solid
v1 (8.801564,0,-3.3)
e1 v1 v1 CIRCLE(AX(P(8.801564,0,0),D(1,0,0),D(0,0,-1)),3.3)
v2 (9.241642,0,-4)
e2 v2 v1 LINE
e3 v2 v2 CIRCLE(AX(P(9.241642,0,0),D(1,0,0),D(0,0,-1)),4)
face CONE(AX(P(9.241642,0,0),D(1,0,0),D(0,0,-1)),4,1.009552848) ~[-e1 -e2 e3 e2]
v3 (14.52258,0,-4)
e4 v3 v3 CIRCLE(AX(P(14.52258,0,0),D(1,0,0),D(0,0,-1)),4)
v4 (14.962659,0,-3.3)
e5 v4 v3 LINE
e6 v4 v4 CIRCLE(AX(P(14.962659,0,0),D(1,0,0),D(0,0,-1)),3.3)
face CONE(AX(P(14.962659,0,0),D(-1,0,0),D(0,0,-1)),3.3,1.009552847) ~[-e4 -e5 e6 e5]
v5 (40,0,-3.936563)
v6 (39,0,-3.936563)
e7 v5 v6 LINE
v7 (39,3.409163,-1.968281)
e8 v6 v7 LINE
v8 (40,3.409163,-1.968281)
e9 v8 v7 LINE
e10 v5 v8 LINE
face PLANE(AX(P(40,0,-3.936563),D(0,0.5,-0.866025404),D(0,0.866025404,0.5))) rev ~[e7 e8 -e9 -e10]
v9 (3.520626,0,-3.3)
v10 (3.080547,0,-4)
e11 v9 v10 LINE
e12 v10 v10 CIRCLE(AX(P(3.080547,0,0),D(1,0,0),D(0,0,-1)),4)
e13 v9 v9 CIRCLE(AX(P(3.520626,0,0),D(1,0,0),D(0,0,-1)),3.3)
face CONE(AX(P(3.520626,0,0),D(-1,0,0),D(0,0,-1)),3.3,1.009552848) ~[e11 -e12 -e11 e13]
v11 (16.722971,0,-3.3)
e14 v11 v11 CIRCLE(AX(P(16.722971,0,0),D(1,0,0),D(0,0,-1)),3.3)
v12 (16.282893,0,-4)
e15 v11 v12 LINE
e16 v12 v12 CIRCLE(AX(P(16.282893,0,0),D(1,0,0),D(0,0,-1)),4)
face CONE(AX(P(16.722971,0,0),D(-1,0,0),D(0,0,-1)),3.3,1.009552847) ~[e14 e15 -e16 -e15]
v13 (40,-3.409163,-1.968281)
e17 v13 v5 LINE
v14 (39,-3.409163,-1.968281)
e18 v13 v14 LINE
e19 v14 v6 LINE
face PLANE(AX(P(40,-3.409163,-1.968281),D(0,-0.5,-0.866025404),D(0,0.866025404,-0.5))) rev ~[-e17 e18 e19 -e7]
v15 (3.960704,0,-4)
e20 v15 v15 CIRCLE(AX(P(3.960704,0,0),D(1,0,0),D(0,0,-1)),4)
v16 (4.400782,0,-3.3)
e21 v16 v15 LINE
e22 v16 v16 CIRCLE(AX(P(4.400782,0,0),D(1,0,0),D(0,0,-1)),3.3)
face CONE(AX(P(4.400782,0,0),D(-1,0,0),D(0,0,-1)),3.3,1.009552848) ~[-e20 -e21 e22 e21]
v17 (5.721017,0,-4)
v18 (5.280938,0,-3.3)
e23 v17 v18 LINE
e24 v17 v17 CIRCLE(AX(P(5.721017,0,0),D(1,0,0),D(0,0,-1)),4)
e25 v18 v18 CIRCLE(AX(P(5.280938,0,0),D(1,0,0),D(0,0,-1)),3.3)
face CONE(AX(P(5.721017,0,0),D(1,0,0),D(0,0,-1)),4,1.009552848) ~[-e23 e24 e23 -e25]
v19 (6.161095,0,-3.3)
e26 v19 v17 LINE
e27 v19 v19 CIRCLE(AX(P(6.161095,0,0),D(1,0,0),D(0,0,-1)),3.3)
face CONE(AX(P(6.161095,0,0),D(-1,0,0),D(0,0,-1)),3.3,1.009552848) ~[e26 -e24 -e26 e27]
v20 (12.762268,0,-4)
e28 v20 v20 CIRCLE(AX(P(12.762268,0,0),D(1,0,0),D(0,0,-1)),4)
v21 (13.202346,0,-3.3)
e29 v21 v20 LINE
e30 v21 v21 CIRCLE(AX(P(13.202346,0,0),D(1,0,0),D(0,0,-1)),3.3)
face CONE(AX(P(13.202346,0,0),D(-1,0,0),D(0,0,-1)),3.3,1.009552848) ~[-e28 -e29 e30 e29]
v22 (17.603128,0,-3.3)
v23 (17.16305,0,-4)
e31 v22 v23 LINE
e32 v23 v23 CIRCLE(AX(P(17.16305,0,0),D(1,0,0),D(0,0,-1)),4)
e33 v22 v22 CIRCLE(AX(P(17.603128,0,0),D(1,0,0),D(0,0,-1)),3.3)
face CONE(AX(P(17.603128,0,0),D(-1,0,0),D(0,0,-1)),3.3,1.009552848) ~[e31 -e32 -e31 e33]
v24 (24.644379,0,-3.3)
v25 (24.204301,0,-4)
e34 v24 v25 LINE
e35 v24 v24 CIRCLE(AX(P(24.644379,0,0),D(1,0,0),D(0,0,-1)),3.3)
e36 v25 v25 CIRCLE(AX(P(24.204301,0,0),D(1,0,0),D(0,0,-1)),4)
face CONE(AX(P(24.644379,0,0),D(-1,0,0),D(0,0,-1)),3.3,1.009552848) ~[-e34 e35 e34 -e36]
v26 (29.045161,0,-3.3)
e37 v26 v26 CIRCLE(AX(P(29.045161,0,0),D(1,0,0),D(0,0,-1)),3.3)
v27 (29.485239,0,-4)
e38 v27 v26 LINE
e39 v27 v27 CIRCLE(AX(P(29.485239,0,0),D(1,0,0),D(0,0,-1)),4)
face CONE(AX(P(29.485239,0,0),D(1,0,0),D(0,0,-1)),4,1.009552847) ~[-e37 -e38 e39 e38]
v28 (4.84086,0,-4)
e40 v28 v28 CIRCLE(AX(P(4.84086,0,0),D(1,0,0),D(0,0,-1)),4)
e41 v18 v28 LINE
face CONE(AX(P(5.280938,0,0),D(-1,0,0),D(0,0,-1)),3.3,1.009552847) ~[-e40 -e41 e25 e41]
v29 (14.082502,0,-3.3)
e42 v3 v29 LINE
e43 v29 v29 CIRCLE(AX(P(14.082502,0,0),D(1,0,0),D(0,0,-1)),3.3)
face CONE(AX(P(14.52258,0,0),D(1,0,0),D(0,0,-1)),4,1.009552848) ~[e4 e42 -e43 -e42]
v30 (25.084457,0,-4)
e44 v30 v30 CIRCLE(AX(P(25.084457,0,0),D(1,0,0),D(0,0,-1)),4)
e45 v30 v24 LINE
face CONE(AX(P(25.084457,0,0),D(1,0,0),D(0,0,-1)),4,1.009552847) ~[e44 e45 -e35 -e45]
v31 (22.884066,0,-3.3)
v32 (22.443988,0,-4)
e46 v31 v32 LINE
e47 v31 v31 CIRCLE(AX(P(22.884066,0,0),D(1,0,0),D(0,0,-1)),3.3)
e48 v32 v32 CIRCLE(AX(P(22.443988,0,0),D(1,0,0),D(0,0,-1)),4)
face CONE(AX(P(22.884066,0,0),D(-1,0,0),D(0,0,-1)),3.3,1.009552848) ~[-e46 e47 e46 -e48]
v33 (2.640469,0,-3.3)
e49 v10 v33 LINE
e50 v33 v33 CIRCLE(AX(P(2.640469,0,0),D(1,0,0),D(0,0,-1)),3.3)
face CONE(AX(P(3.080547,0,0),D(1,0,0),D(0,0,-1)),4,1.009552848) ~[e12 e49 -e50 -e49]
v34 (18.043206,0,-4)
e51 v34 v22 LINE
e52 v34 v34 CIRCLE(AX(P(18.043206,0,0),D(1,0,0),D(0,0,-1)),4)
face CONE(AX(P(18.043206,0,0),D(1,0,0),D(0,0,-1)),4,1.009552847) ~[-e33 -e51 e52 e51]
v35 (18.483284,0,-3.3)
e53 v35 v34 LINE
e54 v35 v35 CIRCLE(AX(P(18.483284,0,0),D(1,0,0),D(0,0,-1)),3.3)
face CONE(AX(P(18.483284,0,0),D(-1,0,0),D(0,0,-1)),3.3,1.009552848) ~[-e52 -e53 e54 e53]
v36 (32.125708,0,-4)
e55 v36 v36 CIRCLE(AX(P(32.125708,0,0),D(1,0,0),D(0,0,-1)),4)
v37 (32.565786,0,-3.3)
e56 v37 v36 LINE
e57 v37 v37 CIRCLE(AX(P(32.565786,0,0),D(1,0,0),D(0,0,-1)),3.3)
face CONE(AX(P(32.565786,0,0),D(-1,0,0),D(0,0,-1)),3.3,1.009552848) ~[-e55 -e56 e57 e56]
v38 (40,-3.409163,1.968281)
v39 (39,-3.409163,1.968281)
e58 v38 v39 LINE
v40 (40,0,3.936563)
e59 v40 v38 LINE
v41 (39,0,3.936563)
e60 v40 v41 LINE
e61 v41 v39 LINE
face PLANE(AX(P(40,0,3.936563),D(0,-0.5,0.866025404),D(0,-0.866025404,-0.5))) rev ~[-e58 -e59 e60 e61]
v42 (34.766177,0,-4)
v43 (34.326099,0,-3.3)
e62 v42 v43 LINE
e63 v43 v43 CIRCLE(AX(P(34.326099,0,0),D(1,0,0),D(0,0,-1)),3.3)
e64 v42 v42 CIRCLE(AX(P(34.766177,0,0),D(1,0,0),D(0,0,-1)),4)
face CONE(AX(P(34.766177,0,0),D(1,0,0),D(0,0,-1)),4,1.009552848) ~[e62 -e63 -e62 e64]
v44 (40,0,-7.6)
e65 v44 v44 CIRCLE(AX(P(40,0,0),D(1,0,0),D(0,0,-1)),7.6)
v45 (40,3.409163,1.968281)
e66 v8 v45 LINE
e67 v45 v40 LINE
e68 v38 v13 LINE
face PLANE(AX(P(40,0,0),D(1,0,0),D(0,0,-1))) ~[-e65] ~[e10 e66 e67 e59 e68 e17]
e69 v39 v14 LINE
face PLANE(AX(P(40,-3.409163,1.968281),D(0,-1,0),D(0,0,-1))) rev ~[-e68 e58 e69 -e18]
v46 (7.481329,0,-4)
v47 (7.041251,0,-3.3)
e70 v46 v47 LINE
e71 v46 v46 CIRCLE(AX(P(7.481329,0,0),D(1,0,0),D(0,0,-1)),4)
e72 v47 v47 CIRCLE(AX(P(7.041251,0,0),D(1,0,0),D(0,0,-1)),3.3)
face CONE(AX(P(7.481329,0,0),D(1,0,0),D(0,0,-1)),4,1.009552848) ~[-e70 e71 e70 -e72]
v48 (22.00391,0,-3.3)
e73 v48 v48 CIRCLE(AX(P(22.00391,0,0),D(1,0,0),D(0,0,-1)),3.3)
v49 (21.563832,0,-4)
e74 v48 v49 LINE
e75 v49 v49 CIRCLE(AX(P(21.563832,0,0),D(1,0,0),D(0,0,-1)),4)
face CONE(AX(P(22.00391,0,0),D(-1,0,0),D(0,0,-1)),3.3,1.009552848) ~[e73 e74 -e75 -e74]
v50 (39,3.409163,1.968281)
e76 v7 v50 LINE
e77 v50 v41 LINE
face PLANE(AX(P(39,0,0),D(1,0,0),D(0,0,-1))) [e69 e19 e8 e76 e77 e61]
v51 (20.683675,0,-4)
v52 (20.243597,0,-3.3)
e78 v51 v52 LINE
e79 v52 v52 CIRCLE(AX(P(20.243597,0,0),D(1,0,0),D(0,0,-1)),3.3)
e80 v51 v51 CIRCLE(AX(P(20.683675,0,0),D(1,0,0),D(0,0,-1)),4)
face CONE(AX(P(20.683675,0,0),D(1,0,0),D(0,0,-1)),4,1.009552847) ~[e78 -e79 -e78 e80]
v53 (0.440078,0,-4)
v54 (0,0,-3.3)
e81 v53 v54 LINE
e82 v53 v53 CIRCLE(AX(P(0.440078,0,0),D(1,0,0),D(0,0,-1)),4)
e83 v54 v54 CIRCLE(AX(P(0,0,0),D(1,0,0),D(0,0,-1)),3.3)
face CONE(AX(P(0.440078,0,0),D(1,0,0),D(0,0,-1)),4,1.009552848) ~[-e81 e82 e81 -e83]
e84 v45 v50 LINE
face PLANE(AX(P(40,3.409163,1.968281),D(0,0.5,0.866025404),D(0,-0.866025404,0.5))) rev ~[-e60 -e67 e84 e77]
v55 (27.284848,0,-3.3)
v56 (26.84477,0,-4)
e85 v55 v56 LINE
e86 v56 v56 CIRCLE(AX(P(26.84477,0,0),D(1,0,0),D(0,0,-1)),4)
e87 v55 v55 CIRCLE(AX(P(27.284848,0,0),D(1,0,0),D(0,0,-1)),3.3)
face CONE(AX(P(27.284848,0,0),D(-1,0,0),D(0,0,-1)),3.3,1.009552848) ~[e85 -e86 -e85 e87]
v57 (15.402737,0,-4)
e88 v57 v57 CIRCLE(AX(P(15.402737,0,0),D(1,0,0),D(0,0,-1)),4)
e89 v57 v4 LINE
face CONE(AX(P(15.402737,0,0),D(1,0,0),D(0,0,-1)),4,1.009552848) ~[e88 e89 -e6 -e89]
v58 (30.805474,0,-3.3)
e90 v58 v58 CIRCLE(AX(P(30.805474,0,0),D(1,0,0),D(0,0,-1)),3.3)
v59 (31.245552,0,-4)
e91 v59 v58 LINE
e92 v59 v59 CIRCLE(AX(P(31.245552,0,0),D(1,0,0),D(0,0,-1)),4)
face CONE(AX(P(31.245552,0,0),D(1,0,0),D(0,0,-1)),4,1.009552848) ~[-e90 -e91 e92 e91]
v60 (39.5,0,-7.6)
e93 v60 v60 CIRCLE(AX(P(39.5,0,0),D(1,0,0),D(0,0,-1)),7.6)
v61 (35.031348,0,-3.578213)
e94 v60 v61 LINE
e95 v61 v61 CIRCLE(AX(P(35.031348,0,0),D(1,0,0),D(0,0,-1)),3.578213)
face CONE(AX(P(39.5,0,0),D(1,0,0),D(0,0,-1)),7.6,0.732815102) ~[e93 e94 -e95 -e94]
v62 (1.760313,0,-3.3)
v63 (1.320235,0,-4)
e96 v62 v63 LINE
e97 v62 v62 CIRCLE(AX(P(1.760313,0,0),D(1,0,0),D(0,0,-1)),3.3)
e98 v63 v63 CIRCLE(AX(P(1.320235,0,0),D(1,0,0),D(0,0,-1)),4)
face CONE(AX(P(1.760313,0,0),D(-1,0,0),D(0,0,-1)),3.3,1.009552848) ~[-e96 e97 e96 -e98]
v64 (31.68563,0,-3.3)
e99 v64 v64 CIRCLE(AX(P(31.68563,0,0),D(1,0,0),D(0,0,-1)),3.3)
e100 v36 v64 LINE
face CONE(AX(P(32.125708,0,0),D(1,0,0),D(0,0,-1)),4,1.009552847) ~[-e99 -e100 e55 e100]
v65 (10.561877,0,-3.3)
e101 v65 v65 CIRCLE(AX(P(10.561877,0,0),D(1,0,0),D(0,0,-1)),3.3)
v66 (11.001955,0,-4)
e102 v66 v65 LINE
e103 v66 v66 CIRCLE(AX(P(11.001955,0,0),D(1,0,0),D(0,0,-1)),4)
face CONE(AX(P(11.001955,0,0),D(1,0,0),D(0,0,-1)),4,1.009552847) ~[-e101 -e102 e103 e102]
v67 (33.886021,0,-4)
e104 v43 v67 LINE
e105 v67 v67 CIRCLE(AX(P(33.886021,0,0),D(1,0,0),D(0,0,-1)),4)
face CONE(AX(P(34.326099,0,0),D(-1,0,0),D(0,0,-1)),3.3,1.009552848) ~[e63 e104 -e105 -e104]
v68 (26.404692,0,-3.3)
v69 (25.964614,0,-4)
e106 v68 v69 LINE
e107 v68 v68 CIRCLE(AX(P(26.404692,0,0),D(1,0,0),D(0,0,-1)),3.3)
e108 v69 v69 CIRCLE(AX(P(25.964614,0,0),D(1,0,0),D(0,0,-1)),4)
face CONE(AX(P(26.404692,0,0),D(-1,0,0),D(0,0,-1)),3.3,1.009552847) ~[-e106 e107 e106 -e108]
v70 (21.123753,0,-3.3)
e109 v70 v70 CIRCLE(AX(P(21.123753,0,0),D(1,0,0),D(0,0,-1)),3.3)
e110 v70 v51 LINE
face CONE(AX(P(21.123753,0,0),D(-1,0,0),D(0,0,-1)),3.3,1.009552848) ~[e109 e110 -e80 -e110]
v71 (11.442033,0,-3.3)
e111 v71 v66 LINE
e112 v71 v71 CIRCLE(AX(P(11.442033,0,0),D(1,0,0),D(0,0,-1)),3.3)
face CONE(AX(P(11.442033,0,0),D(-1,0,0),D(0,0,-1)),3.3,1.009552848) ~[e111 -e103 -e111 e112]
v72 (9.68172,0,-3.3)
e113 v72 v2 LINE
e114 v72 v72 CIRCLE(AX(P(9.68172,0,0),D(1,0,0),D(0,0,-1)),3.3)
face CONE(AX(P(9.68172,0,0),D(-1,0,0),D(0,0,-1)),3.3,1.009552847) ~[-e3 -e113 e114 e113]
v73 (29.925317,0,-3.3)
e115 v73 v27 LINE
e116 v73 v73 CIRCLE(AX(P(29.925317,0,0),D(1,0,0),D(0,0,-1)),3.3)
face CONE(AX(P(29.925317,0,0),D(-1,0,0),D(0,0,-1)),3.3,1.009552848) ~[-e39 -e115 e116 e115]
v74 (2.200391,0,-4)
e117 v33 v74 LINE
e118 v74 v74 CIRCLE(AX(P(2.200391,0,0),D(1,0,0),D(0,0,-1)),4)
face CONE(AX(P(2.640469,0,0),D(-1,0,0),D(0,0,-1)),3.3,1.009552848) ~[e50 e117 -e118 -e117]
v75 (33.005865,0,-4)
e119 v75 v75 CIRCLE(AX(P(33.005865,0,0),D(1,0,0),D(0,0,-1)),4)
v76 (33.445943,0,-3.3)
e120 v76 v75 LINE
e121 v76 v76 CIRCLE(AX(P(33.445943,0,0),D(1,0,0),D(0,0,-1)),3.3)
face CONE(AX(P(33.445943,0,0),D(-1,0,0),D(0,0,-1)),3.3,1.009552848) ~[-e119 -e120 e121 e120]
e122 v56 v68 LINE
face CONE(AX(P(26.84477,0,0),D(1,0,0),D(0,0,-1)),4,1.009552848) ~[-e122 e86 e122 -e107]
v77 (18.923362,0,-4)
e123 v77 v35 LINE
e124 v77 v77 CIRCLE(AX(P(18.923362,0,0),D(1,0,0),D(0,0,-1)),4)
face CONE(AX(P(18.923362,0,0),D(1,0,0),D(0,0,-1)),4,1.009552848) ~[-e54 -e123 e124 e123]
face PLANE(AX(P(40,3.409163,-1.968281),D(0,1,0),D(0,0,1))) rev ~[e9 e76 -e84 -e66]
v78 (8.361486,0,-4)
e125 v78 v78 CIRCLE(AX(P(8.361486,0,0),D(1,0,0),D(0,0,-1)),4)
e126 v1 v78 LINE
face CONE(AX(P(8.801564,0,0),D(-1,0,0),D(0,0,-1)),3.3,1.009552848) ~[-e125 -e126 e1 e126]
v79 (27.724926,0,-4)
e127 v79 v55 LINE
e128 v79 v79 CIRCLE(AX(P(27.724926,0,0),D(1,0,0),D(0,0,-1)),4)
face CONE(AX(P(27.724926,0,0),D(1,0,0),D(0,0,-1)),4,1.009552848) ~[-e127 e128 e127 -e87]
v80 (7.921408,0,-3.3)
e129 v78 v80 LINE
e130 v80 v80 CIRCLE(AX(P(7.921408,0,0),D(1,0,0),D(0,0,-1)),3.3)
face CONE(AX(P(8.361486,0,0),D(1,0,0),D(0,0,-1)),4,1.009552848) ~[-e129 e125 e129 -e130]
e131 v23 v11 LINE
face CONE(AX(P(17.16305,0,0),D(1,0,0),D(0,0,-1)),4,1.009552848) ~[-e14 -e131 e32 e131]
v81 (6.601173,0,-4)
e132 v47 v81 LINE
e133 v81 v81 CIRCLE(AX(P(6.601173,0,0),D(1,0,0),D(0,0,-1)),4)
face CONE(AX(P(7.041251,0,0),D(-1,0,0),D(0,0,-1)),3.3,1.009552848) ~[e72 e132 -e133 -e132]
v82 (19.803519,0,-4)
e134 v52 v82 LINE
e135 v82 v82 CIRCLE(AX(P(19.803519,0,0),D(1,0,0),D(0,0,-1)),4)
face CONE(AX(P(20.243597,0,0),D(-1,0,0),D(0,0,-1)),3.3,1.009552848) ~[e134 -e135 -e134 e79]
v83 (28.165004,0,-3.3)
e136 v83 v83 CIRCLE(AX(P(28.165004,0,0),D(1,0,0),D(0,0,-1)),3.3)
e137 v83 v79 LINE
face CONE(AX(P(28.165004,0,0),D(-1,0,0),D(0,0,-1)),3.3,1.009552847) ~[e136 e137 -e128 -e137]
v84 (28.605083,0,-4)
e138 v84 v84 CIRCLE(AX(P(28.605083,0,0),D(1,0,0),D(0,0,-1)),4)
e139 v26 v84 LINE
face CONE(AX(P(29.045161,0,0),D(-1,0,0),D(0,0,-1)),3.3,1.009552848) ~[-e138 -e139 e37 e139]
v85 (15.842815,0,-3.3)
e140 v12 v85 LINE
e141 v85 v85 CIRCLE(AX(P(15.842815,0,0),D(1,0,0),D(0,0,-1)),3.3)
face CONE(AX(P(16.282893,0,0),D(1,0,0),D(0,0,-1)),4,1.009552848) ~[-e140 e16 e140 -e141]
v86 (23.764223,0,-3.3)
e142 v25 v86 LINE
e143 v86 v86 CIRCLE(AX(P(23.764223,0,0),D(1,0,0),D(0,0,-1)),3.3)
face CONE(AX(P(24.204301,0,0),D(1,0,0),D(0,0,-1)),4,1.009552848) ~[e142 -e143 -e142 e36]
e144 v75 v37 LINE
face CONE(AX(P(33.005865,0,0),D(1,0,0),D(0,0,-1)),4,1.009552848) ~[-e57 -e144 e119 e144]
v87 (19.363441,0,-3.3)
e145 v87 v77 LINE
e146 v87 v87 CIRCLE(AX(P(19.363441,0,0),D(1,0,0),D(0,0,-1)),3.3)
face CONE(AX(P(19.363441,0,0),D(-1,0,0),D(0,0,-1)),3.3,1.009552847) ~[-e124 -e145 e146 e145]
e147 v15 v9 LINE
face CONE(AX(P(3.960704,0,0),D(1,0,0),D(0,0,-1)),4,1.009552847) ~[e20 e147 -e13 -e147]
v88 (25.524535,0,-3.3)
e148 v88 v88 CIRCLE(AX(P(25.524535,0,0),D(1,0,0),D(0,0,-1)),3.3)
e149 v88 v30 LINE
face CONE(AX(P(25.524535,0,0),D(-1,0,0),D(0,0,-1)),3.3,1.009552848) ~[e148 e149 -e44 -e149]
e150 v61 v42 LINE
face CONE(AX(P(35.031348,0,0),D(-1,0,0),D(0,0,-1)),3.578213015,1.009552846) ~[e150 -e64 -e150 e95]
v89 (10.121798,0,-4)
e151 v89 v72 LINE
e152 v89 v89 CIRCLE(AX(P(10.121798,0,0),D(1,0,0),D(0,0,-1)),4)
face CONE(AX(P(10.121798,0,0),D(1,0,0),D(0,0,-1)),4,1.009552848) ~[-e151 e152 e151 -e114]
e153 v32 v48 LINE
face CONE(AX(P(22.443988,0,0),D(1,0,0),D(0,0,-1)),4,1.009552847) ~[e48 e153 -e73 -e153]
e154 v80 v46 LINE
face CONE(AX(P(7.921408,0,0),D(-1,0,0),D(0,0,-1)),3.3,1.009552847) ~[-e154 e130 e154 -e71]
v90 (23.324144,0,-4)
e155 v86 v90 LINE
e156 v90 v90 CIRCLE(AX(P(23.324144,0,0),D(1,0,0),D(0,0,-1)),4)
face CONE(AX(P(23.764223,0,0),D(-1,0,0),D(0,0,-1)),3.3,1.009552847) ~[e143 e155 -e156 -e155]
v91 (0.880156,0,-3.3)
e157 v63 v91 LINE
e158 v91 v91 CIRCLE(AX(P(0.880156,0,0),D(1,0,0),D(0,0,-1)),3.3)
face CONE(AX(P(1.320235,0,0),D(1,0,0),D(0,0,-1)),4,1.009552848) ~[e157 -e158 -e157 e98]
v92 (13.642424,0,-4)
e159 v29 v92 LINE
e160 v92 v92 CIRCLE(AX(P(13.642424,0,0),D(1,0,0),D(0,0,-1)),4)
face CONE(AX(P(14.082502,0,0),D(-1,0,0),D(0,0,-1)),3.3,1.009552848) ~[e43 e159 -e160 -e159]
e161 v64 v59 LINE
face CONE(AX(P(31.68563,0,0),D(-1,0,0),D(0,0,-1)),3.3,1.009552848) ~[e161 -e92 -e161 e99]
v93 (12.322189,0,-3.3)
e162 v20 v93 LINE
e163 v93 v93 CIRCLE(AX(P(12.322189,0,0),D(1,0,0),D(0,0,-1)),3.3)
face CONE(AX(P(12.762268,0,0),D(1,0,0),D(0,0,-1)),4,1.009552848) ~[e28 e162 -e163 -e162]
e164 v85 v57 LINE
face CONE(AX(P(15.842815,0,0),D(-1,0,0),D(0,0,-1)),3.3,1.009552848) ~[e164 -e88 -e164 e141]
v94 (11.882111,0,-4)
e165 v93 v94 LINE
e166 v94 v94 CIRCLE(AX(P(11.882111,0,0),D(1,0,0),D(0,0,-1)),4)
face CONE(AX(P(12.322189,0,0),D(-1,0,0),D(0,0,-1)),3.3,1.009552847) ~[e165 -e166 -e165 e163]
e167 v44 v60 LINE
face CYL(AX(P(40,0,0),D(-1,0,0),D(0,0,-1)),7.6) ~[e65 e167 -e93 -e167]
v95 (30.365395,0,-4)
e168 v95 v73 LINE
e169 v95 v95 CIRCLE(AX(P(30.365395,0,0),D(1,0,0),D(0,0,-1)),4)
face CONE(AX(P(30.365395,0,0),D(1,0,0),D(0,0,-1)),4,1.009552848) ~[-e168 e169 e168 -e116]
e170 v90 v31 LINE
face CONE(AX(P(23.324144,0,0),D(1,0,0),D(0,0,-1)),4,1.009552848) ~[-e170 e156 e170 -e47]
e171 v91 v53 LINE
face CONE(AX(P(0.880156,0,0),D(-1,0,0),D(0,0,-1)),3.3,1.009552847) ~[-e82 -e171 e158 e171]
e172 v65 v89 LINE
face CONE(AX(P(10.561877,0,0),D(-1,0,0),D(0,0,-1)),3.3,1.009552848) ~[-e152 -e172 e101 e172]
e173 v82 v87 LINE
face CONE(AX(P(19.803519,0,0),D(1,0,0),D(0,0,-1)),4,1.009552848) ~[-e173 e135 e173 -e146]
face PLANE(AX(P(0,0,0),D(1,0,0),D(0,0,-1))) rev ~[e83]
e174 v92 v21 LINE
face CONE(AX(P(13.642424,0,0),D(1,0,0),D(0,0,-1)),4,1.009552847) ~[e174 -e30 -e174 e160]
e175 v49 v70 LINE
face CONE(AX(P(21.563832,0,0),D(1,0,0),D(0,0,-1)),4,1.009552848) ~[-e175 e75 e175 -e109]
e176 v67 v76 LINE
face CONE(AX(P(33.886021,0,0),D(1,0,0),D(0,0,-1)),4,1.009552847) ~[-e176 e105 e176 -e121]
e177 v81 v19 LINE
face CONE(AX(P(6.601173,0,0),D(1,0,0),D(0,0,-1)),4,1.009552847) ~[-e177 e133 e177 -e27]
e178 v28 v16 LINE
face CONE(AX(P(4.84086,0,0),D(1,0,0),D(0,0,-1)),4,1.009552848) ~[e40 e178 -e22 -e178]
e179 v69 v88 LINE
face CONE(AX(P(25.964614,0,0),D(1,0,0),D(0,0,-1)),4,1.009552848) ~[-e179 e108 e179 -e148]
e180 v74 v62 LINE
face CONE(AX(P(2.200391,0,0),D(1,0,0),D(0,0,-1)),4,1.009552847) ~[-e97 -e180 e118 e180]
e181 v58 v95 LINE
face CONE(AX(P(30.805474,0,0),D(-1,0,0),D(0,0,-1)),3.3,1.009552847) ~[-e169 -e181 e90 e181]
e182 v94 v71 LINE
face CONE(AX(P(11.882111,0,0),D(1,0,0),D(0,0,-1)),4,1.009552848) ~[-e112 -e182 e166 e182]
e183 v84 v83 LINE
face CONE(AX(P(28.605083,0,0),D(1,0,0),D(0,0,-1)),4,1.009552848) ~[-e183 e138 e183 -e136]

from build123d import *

# Parameters (mm, degrees)
CUT_EXTRUDE_1_DEPTH = 1


with BuildPart() as part:
    # 草图1 → 旋转1 (revolve)
    with BuildSketch(Plane.XY, mode=Mode.PRIVATE) as revolve_1_sk:
        Polygon((0, -3.3), (0, 0), (40, 0), (40, -7.6), (39.5, -7.6), (35.031347794, -3.578213015), (34.766177429, -4), (34.326099234, -3.3), (33.886021039, -4), (33.445942843, -3.3), (33.005864648, -4), (32.565786453, -3.3), (32.125708258, -4), (31.685630062, -3.3), (31.245551867, -4), (30.805473672, -3.3), (30.365395476, -4), (29.925317281, -3.3), (29.485239086, -4), (29.04516089, -3.3), (28.605082695, -4), (28.1650045, -3.3), (27.724926304, -4), (27.284848109, -3.3), (26.844769914, -4), (26.404691719, -3.3), (25.964613523, -4), (25.524535328, -3.3), (25.084457133, -4), (24.644378937, -3.3), (24.204300742, -4), (23.764222547, -3.3), (23.324144351, -4), (22.884066156, -3.3), (22.443987961, -4), (22.003909765, -3.3), (21.56383157, -4), (21.123753375, -3.3), (20.68367518, -4), (20.243596984, -3.3), (19.803518789, -4), (19.363440594, -3.3), (18.923362398, -4), (18.483284203, -3.3), (18.043206008, -4), (17.603127812, -3.3), (17.163049617, -4), (16.722971422, -3.3), (16.282893226, -4), (15.842815031, -3.3), (15.402736836, -4), (14.962658641, -3.3), (14.522580445, -4), (14.08250225, -3.3), (13.642424055, -4), (13.202345859, -3.3), (12.762267664, -4), (12.322189469, -3.3), (11.882111273, -4), (11.442033078, -3.3), (11.001954883, -4), (10.561876687, -3.3), (10.121798492, -4), (9.681720297, -3.3), (9.241642101, -4), (8.801563906, -3.3), (8.361485711, -4), (7.921407516, -3.3), (7.48132932, -4), (7.041251125, -3.3), (6.60117293, -4), (6.161094734, -3.3), (5.721016539, -4), (5.280938344, -3.3), (4.840860148, -4), (4.400781953, -3.3), (3.960703758, -4), (3.520625562, -3.3), (3.080547367, -4), (2.640469172, -3.3), (2.200390977, -4), (1.760312781, -3.3), (1.320234586, -4), (0.880156391, -3.3), (0.440078195, -4), align=None)
    revolve(revolve_1_sk.sketch.rotate(Axis((0.440078195, 0, 0), (1, 0, 0)), 90), axis=Axis((0.440078195, 0, 0), (1, 0, 0)))

    # 草图3 → 切除-拉伸1 (cut)
    with BuildSketch(Plane(origin=(40, 0, 0), x_dir=(0, 0, -1), z_dir=(1, 0, 0))):
        Polygon((3.936562889, 0), (1.968281444, 3.409163465), (-1.968281444, 3.409163465), (-3.936562889, 0), (-1.968281444, -3.409163465), (1.968281444, -3.409163465), align=None)
    extrude(amount=-CUT_EXTRUDE_1_DEPTH, mode=Mode.SUBTRACT)


solid = part.part
